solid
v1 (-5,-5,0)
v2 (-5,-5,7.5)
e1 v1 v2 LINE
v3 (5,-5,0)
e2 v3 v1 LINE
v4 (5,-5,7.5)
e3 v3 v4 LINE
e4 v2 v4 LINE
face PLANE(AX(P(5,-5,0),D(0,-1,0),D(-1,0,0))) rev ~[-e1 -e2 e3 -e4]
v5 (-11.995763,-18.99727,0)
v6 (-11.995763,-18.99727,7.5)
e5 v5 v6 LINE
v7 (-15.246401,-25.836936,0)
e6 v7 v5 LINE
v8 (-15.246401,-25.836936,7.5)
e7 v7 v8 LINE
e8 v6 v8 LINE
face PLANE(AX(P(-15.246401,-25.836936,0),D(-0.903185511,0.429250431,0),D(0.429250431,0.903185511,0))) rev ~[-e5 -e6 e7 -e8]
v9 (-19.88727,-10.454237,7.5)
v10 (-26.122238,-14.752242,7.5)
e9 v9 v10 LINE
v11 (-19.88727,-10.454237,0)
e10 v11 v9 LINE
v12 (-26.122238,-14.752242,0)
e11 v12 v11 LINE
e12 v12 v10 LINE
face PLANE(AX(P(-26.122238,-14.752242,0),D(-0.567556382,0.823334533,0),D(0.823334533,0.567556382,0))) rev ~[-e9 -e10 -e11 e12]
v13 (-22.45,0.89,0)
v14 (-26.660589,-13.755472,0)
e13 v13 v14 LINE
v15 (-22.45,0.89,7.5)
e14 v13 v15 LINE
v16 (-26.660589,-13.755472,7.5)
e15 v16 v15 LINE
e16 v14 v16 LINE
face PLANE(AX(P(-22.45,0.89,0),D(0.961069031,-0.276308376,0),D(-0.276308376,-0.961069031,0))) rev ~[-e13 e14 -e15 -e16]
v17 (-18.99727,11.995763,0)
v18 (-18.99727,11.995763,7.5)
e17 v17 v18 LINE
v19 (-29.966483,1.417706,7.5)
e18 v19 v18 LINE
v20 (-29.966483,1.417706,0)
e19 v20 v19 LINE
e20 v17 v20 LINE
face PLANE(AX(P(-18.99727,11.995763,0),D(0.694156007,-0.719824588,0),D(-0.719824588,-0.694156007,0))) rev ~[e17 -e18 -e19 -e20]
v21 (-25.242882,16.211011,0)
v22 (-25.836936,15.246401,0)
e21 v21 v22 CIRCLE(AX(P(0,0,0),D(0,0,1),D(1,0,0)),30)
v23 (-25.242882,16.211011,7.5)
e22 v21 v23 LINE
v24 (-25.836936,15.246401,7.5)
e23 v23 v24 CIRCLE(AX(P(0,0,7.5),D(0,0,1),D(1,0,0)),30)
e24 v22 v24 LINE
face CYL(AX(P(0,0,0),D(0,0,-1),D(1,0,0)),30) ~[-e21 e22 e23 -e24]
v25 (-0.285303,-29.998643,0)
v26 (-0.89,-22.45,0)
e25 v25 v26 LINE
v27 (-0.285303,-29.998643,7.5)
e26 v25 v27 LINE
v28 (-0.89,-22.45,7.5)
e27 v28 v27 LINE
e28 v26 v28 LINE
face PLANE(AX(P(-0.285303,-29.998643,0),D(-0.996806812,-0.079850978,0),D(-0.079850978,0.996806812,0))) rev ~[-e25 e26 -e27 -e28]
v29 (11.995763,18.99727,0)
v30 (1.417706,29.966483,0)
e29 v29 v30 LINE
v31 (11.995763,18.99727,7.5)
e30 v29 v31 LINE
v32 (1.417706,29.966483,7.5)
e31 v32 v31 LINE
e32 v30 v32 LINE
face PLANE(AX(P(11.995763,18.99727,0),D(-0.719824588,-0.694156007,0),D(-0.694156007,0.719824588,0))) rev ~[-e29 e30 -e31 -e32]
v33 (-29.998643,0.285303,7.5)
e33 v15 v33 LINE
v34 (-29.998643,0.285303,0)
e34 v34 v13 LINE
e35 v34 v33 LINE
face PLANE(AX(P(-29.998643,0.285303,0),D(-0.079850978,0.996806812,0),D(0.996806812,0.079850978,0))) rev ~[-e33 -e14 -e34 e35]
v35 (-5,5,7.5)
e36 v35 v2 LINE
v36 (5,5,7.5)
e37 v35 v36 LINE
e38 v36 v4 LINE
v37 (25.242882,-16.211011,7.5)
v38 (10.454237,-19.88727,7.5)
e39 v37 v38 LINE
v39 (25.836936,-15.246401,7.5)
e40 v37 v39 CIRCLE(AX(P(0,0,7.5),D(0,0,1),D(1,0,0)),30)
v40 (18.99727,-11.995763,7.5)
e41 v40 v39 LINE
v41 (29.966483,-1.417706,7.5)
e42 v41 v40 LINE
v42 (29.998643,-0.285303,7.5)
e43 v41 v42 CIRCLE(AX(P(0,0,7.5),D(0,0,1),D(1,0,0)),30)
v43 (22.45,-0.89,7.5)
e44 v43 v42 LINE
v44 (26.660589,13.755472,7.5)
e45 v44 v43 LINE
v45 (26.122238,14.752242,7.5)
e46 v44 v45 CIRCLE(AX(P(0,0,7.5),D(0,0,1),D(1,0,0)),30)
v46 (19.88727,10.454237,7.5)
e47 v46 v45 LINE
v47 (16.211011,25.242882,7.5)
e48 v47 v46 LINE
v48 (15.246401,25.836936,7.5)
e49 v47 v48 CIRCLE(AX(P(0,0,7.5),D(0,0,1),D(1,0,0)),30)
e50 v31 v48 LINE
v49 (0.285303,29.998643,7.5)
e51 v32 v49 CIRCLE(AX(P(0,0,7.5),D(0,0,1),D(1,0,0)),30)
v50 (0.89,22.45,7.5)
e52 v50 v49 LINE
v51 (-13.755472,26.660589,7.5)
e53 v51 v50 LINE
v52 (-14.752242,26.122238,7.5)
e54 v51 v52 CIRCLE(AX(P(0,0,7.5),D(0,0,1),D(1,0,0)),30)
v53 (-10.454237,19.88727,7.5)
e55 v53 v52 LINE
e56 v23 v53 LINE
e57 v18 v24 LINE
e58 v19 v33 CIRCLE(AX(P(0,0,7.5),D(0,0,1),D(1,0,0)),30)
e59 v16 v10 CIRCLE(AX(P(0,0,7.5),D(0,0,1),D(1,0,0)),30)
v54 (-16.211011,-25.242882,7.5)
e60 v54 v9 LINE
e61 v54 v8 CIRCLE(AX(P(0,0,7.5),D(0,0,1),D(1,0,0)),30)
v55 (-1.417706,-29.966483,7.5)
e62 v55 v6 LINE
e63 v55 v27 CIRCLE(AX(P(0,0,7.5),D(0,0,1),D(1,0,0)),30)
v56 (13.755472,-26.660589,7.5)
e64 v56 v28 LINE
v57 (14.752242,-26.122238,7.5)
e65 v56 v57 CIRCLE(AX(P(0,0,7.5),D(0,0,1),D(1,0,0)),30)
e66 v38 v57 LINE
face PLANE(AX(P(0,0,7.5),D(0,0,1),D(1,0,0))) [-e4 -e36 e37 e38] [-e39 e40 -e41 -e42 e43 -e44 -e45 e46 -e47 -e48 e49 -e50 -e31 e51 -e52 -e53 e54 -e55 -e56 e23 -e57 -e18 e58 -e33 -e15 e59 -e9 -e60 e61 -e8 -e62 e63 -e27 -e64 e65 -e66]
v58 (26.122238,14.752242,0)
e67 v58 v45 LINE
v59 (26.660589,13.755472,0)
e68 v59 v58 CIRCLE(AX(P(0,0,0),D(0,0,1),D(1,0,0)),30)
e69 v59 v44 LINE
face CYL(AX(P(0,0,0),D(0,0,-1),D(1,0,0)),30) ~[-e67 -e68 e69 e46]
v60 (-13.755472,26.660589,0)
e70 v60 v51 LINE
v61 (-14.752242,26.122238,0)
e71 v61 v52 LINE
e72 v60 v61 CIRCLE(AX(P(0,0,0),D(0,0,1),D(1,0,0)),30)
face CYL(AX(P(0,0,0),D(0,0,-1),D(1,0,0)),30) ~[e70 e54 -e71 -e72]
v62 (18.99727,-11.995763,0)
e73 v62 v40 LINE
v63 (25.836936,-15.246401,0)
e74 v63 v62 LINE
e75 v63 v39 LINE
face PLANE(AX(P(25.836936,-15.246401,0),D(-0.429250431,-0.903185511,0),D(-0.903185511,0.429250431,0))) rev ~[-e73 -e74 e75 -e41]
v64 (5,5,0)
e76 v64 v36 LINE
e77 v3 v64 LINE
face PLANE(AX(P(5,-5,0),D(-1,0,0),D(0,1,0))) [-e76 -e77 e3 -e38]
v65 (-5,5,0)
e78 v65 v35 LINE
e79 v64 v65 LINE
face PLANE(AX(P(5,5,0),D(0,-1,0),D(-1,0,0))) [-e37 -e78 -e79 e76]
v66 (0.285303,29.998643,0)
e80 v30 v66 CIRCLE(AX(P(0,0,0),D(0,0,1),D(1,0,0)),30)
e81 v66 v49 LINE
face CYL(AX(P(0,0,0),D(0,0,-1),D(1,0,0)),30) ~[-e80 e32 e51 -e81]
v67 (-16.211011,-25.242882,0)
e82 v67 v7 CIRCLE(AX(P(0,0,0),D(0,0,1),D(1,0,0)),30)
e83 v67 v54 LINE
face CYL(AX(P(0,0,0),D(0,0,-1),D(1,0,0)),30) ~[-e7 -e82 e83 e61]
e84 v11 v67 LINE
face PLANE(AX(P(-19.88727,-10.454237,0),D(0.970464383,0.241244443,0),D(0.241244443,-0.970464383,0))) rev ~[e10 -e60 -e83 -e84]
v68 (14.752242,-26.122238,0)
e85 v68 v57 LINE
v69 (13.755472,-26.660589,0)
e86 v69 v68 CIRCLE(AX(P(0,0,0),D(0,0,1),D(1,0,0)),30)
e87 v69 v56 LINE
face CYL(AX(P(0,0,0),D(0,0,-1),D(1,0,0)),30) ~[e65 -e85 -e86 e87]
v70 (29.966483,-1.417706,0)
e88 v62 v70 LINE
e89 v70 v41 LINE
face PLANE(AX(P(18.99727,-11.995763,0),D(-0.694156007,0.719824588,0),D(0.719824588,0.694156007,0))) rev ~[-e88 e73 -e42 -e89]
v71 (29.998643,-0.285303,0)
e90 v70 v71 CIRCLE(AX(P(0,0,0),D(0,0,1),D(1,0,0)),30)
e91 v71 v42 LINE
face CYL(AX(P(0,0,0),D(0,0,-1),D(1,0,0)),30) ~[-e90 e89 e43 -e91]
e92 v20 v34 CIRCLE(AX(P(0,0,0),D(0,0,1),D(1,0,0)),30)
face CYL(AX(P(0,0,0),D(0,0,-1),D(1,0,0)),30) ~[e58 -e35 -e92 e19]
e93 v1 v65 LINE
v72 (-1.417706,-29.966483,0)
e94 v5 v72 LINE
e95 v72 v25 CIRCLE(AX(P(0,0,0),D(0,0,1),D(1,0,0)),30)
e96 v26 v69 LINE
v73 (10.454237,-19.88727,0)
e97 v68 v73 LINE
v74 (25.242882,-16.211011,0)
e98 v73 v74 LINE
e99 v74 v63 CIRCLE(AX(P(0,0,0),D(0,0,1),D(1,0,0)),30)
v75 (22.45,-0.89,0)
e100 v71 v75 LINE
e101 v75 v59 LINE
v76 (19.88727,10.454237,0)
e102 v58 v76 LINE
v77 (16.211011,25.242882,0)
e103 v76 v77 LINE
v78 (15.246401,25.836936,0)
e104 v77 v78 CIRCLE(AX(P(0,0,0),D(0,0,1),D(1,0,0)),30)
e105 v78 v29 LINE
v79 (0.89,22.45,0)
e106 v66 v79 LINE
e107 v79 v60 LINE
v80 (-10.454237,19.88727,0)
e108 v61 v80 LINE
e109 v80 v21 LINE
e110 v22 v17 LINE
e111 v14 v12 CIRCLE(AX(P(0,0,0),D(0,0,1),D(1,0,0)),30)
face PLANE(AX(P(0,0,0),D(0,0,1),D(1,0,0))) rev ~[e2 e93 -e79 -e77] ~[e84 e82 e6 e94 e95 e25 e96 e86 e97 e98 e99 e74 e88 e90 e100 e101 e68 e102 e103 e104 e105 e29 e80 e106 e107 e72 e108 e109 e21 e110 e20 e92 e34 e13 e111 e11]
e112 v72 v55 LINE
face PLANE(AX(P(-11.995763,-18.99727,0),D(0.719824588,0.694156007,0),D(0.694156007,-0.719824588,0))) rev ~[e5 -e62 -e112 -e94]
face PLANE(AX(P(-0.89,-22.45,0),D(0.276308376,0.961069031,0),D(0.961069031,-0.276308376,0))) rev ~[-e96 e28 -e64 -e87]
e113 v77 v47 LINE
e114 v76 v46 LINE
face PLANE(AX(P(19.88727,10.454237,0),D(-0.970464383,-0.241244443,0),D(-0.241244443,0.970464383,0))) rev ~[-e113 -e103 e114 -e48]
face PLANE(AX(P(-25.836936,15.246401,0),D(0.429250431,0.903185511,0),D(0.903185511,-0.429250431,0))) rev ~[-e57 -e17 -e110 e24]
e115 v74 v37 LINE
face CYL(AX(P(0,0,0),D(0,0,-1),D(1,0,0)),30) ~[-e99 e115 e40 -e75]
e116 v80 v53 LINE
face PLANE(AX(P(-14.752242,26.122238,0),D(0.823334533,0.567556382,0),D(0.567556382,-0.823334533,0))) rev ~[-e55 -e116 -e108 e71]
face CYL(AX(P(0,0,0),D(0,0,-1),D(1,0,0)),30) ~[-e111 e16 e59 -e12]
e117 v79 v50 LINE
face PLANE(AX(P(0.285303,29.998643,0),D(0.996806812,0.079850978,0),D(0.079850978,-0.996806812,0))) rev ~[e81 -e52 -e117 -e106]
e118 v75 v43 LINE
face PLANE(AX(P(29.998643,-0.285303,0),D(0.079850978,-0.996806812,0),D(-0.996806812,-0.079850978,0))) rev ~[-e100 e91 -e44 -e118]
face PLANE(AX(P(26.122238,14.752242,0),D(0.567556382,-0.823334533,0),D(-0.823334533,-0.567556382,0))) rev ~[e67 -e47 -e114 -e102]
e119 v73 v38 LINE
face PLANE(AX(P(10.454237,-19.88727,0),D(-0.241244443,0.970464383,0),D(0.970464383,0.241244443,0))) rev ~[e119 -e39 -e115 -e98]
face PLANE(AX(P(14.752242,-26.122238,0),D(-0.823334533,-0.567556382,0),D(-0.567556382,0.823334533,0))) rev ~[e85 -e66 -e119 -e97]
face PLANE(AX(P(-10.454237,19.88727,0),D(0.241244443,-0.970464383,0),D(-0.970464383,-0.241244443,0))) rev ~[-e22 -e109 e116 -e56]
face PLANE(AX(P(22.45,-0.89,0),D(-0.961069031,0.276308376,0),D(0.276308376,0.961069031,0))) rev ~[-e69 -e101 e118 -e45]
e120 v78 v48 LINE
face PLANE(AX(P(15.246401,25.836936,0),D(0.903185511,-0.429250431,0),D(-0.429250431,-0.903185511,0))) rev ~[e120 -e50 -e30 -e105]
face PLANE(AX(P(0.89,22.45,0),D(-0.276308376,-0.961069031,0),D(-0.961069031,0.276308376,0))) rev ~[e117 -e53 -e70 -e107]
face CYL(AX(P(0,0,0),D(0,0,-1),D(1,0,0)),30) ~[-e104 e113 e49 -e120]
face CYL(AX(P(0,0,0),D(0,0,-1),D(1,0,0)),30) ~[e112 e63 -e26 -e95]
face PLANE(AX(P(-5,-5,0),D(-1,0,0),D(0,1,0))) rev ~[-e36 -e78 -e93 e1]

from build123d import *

# Parameters (mm, degrees)
SCHIZZO2_R                   = 30
ESTRUSIONE_ESTRUSIONE1_DEPTH = 7.5
SCHIZZO3_W                   = 10
SCHIZZO3_H                   = 10
TAGLIO_ESTRUSIONE1_DEPTH     = 44.084219849
TAGLIO_ESTRUSIONE2_DEPTH     = 44.084219849


with BuildPart() as part:
    # Schizzo2 → Estrusione-Estrusione1 (new body)
    with BuildSketch(Plane.XY):
        Circle(SCHIZZO2_R)
    extrude(amount=ESTRUSIONE_ESTRUSIONE1_DEPTH)

    # Schizzo3 → Taglio-Estrusione1 (cut, through all)
    with BuildSketch(Plane(origin=(0, 0, 0), x_dir=(-1, 0, 0), z_dir=(0, 0, -1))):
        Rectangle(SCHIZZO3_W, SCHIZZO3_H)
    extrude(amount=-TAGLIO_ESTRUSIONE1_DEPTH, mode=Mode.SUBTRACT)

    # Schizzo4 → Taglio-Estrusione2 (cut, through all)
    with BuildSketch(Plane(origin=(0, 0, 0), x_dir=(-1, 0, 0), z_dir=(0, 0, -1))):
        with BuildLine():
            Line((-0.285302534, 29.998643344), (-0.89, 22.45))
            Line((-0.89, 22.45), (13.755471769, 26.660588823))
            ThreePointArc((13.755471769, 26.660588823), (6.938805142, 29.186520574), (-0.285302534, 29.998643344))
        make_face()
        with BuildLine():
            Line((10.454237391, 19.887270315), (25.242882405, 16.211011316))
            ThreePointArc((25.242882405, 16.211011316), (20.602441812, 21.806865694), (14.75224243, 26.122238482))
            Line((14.75224243, 26.122238482), (10.454237391, 19.887270315))
        make_face()
        with BuildLine():
            Line((18.997270315, 11.995762609), (29.966483085, 1.417706418))
            ThreePointArc((29.966483085, 1.417706418), (28.745670836, 8.584078762), (25.836935948, 15.246400914))
            Line((25.836935948, 15.246400914), (18.997270315, 11.995762609))
        make_face()
        with BuildLine():
            Line((22.45, 0.89), (26.660588823, -13.755471769))
            ThreePointArc((26.660588823, -13.755471769), (29.186520574, -6.938805142), (29.998643344, 0.285302534))
            Line((29.998643344, 0.285302534), (22.45, 0.89))
        make_face()
        with BuildLine():
            Line((19.887270315, -10.454237391), (16.211011316, -25.242882405))
            ThreePointArc((16.211011316, -25.242882405), (21.806865694, -20.602441812), (26.122238482, -14.75224243))
            Line((26.122238482, -14.75224243), (19.887270315, -10.454237391))
        make_face()
        with BuildLine():
            Line((11.995762609, -18.997270315), (1.417706418, -29.966483085))
            ThreePointArc((1.417706418, -29.966483085), (8.584078762, -28.745670836), (15.246400914, -25.836935948))
            Line((15.246400914, -25.836935948), (11.995762609, -18.997270315))
        make_face()
        with BuildLine():
            Line((0.89, -22.45), (-13.755471769, -26.660588823))
            ThreePointArc((-13.755471769, -26.660588823), (-6.938805142, -29.186520574), (0.285302534, -29.998643344))
            Line((0.285302534, -29.998643344), (0.89, -22.45))
        make_face()
        with BuildLine():
            Line((-10.454237391, -19.887270315), (-25.242882405, -16.211011316))
            ThreePointArc((-25.242882405, -16.211011316), (-20.602441812, -21.806865694), (-14.75224243, -26.122238482))
            Line((-14.75224243, -26.122238482), (-10.454237391, -19.887270315))
        make_face()
        with BuildLine():
            Line((-18.997270315, -11.995762609), (-29.966483085, -1.417706418))
            ThreePointArc((-29.966483085, -1.417706418), (-28.745670836, -8.584078762), (-25.836935948, -15.246400914))
            Line((-25.836935948, -15.246400914), (-18.997270315, -11.995762609))
        make_face()
        with BuildLine():
            Line((-22.45, -0.89), (-26.660588823, 13.755471769))
            ThreePointArc((-26.660588823, 13.755471769), (-29.186520574, 6.938805142), (-29.998643344, -0.285302534))
            Line((-29.998643344, -0.285302534), (-22.45, -0.89))
        make_face()
        with BuildLine():
            Line((-19.887270315, 10.454237391), (-16.211011316, 25.242882405))
            ThreePointArc((-16.211011316, 25.242882405), (-21.806865694, 20.602441812), (-26.122238482, 14.75224243))
            Line((-26.122238482, 14.75224243), (-19.887270315, 10.454237391))
        make_face()
        with BuildLine():
            Line((-11.995762609, 18.997270315), (-1.417706418, 29.966483085))
            ThreePointArc((-1.417706418, 29.966483085), (-8.584078762, 28.745670836), (-15.246400914, 25.836935948))
            Line((-15.246400914, 25.836935948), (-11.995762609, 18.997270315))
        make_face()
    extrude(amount=-TAGLIO_ESTRUSIONE2_DEPTH, mode=Mode.SUBTRACT)


solid = part.part
